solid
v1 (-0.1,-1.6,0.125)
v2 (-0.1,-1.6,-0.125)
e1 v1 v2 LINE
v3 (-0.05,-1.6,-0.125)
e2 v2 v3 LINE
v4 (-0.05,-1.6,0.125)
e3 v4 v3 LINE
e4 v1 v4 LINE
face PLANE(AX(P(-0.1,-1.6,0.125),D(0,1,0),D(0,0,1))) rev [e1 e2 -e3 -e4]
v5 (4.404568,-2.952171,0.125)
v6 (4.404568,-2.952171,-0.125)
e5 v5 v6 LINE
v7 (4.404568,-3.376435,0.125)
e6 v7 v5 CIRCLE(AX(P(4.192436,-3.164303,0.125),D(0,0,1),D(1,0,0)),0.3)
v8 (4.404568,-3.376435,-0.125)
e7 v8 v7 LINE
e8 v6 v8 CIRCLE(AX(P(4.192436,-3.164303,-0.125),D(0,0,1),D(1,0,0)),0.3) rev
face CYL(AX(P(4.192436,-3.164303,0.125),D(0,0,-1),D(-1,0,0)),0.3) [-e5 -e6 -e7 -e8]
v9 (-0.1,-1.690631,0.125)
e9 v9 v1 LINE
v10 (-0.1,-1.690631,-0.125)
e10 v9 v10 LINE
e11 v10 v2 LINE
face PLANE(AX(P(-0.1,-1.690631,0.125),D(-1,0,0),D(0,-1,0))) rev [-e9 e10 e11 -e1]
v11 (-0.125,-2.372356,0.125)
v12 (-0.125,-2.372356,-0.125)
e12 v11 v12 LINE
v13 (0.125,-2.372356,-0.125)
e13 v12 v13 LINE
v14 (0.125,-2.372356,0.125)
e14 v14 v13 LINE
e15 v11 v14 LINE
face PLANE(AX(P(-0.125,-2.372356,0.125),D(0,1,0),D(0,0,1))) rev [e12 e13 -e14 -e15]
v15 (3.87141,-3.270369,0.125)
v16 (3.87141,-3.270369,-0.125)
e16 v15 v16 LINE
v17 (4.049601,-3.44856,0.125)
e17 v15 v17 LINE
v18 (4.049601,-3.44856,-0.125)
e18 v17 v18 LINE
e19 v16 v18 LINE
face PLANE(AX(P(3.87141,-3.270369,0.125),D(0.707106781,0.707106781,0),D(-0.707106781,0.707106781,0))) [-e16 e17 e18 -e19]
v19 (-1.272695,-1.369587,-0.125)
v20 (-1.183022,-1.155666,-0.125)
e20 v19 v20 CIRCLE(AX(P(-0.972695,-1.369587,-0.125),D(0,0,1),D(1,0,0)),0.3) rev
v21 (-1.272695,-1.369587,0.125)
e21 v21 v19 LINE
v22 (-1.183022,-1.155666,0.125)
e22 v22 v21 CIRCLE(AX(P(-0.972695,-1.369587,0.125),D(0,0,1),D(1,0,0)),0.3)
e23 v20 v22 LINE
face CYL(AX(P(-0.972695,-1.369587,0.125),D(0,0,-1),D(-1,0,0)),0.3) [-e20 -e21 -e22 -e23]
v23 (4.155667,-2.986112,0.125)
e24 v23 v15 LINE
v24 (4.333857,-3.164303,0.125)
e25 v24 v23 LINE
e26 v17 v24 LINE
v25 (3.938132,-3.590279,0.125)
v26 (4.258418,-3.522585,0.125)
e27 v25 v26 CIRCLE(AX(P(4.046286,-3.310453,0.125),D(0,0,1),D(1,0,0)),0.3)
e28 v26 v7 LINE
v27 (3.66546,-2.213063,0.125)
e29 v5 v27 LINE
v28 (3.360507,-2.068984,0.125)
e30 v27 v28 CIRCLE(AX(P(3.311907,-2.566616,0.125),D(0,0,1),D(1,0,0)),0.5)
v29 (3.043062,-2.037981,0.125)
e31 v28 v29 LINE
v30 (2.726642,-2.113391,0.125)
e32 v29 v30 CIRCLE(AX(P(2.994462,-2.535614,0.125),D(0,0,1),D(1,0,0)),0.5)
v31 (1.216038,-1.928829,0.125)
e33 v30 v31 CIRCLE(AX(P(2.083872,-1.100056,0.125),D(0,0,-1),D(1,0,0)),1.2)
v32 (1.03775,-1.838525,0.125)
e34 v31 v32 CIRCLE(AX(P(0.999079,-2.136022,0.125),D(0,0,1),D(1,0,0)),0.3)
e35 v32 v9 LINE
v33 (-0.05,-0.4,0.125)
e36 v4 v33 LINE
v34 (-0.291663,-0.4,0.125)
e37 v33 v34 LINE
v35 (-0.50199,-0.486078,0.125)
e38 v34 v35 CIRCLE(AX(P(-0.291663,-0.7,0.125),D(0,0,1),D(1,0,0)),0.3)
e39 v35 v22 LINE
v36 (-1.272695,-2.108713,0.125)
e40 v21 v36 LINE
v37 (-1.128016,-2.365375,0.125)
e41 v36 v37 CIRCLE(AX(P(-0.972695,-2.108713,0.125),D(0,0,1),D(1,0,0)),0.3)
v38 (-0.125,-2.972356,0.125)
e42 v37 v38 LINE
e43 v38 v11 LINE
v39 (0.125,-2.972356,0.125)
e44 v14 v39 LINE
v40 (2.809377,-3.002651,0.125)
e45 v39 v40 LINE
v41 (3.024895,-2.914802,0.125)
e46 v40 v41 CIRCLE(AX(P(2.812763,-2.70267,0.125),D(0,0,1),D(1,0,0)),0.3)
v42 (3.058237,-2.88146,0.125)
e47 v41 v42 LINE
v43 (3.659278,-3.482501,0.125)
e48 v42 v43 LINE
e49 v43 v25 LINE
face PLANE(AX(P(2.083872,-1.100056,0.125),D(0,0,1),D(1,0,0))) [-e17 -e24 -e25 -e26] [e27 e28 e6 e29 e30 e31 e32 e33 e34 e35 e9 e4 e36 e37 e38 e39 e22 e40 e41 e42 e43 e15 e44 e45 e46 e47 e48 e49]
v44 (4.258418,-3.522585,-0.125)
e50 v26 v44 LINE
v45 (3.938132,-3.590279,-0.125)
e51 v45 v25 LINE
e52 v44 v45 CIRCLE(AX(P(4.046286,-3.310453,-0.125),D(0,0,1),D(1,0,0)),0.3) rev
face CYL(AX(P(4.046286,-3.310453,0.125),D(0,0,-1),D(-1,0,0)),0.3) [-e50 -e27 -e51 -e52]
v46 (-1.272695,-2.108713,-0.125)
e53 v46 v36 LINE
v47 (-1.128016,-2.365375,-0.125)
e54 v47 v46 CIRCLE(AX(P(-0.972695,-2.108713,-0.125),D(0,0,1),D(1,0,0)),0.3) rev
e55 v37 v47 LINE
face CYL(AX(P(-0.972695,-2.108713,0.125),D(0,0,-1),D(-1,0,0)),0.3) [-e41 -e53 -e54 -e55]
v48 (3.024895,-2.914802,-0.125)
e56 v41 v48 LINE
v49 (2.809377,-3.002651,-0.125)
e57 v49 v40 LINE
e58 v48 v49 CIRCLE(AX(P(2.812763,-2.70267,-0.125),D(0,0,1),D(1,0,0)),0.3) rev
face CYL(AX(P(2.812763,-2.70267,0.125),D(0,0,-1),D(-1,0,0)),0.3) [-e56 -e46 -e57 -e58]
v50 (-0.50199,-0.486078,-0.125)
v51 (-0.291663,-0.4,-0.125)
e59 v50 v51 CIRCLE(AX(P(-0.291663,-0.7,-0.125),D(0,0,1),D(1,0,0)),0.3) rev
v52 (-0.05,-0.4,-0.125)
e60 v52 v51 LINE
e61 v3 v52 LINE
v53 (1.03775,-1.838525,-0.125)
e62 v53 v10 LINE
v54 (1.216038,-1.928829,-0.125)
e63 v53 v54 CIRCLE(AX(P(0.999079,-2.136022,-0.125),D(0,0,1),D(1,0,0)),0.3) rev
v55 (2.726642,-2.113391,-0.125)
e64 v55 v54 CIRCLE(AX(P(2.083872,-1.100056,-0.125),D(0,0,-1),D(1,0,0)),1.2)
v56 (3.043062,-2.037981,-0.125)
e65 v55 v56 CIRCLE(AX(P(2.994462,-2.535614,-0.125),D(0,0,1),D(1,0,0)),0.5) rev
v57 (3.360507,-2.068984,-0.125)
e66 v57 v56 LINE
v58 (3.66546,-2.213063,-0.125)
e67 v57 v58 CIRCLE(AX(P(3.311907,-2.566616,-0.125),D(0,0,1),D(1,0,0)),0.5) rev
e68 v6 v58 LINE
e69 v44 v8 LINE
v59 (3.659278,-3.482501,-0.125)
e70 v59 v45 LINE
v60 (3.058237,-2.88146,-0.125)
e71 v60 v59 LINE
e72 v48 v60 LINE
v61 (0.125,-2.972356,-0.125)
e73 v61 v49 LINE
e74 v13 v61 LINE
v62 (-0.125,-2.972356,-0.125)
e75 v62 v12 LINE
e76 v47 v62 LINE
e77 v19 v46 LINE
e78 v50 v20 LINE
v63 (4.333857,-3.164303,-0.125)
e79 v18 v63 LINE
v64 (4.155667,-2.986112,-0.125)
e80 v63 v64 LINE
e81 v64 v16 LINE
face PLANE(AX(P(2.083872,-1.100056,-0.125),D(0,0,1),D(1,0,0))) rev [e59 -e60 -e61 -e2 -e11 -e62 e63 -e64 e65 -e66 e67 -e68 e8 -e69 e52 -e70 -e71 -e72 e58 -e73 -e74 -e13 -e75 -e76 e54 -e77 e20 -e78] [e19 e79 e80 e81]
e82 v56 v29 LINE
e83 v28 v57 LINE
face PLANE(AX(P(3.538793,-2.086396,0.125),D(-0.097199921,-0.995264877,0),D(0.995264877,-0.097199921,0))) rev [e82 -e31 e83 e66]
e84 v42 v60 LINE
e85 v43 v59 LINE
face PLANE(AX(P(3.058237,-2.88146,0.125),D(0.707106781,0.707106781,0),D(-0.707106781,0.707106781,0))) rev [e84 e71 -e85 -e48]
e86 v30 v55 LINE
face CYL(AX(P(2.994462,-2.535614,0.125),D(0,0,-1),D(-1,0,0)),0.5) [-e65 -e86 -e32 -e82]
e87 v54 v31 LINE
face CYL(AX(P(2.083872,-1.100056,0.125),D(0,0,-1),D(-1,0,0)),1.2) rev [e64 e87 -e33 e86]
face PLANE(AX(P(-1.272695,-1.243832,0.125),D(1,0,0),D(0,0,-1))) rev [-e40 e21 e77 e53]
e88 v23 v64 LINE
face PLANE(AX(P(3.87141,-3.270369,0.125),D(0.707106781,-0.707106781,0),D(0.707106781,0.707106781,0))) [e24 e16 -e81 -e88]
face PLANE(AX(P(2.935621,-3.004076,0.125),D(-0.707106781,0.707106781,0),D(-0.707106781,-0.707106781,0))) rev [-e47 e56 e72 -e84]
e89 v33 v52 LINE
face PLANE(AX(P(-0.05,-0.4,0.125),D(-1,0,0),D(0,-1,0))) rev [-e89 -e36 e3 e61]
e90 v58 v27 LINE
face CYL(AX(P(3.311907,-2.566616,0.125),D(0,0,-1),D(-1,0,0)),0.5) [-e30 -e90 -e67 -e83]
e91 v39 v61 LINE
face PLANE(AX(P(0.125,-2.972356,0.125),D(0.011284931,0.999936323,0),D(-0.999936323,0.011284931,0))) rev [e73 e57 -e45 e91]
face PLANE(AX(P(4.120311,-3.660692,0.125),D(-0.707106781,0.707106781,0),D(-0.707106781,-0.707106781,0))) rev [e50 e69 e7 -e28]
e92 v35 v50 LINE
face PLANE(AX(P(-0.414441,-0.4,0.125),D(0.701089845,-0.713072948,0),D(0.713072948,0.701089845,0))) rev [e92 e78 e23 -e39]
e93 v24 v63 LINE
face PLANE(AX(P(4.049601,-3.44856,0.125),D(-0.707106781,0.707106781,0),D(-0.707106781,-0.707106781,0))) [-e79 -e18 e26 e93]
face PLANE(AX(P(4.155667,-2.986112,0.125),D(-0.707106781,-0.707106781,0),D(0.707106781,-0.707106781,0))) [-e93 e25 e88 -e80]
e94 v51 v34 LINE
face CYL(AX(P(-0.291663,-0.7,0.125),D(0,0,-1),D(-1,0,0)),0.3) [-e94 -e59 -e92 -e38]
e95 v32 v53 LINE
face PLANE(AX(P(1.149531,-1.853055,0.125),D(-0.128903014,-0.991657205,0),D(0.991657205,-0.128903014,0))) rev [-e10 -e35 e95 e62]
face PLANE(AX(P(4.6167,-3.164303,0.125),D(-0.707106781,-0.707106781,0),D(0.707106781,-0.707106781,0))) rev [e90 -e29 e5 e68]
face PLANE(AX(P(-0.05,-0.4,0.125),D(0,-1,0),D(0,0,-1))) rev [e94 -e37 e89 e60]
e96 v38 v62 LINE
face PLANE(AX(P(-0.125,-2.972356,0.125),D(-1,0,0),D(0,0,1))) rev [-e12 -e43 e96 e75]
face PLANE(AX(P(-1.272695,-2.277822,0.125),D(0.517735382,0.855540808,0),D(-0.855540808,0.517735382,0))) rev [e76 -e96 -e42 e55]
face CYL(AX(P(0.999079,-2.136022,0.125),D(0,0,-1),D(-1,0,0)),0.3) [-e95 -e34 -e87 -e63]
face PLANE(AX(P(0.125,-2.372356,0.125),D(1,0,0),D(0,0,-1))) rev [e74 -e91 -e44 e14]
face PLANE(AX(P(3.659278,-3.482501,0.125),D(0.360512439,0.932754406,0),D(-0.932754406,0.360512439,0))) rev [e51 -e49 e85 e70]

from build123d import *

# Parameters (mm, degrees)
BOSS_EXTRUDE1_DEPTH = 0.125
FILLET1_R           = 0.3
FILLET2_R           = 0.5


with BuildPart() as part:
    # frame_outline → Boss-Extrude1 (new, symmetric)
    with BuildSketch(Plane.XY):
        with BuildLine():
            Line((-0.05, -0.4), (-0.05, -1.6))
            Line((-0.05, -1.6), (-0.1, -1.6))
            Line((-0.1, -1.6), (-0.1, -1.690631342))
            Line((-0.1, -1.690631342), (1.149530794, -1.853054692))
            ThreePointArc((1.149530794, -1.853054692), (1.967232196, -2.294374324), (2.854868829, -2.019602037))
            Line((2.854868829, -2.019602037), (3.538793019, -2.08639569))
            Line((3.538793019, -2.08639569), (4.616700174, -3.164302846))
            Line((4.616700174, -3.164302846), (4.120311214, -3.660691806))
            Line((4.120311214, -3.660691806), (3.659277593, -3.482500897))
            Line((3.659277593, -3.482500897), (3.058236829, -2.881460133))
            Line((3.058236829, -2.881460133), (2.935621241, -3.004075721))
            Line((2.935621241, -3.004075721), (0.125, -2.972356033))
            Line((0.125, -2.972356033), (0.125, -2.372356033))
            Line((0.125, -2.372356033), (-0.125, -2.372356033))
            Line((-0.125, -2.372356033), (-0.125, -2.972356033))
            Line((-0.125, -2.972356033), (-1.272695348, -2.277821671))
            Line((-1.272695348, -2.277821671), (-1.272695348, -1.243831616))
            Line((-1.272695348, -1.243831616), (-0.414440871, -0.4))
            Line((-0.414440871, -0.4), (-0.05, -0.4))
        make_face()
        Polygon((3.871409627, -3.270368863), (4.049600536, -3.448559772), (4.333857462, -3.164302846), (4.155666553, -2.986111937), align=None, mode=Mode.SUBTRACT)
    extrude(amount=BOSS_EXTRUDE1_DEPTH, both=True)

    # Fillet1
    fillet1_edges = [part.edges().sort_by_distance(p)[0] for p in [
        (-1.272695348, -1.243831616, 0),
        (-0.414440871, -0.4, 0),
        (1.149530794, -1.853054692, 0),
        (4.616700174, -3.164302846, 0),
        (4.120311214, -3.660691806, 0),
        (2.935621241, -3.004075721, 0),
        (-1.272695348, -2.277821671, 0),
    ]]
    fillet(fillet1_edges, radius=FILLET1_R)

    # Fillet2
    fillet2_edges = [part.edges().sort_by_distance(p)[0] for p in [
        (2.854868829, -2.019602037, 0),
        (3.538793019, -2.08639569, 0),
    ]]
    fillet(fillet2_edges, radius=FILLET2_R)


solid = part.part
